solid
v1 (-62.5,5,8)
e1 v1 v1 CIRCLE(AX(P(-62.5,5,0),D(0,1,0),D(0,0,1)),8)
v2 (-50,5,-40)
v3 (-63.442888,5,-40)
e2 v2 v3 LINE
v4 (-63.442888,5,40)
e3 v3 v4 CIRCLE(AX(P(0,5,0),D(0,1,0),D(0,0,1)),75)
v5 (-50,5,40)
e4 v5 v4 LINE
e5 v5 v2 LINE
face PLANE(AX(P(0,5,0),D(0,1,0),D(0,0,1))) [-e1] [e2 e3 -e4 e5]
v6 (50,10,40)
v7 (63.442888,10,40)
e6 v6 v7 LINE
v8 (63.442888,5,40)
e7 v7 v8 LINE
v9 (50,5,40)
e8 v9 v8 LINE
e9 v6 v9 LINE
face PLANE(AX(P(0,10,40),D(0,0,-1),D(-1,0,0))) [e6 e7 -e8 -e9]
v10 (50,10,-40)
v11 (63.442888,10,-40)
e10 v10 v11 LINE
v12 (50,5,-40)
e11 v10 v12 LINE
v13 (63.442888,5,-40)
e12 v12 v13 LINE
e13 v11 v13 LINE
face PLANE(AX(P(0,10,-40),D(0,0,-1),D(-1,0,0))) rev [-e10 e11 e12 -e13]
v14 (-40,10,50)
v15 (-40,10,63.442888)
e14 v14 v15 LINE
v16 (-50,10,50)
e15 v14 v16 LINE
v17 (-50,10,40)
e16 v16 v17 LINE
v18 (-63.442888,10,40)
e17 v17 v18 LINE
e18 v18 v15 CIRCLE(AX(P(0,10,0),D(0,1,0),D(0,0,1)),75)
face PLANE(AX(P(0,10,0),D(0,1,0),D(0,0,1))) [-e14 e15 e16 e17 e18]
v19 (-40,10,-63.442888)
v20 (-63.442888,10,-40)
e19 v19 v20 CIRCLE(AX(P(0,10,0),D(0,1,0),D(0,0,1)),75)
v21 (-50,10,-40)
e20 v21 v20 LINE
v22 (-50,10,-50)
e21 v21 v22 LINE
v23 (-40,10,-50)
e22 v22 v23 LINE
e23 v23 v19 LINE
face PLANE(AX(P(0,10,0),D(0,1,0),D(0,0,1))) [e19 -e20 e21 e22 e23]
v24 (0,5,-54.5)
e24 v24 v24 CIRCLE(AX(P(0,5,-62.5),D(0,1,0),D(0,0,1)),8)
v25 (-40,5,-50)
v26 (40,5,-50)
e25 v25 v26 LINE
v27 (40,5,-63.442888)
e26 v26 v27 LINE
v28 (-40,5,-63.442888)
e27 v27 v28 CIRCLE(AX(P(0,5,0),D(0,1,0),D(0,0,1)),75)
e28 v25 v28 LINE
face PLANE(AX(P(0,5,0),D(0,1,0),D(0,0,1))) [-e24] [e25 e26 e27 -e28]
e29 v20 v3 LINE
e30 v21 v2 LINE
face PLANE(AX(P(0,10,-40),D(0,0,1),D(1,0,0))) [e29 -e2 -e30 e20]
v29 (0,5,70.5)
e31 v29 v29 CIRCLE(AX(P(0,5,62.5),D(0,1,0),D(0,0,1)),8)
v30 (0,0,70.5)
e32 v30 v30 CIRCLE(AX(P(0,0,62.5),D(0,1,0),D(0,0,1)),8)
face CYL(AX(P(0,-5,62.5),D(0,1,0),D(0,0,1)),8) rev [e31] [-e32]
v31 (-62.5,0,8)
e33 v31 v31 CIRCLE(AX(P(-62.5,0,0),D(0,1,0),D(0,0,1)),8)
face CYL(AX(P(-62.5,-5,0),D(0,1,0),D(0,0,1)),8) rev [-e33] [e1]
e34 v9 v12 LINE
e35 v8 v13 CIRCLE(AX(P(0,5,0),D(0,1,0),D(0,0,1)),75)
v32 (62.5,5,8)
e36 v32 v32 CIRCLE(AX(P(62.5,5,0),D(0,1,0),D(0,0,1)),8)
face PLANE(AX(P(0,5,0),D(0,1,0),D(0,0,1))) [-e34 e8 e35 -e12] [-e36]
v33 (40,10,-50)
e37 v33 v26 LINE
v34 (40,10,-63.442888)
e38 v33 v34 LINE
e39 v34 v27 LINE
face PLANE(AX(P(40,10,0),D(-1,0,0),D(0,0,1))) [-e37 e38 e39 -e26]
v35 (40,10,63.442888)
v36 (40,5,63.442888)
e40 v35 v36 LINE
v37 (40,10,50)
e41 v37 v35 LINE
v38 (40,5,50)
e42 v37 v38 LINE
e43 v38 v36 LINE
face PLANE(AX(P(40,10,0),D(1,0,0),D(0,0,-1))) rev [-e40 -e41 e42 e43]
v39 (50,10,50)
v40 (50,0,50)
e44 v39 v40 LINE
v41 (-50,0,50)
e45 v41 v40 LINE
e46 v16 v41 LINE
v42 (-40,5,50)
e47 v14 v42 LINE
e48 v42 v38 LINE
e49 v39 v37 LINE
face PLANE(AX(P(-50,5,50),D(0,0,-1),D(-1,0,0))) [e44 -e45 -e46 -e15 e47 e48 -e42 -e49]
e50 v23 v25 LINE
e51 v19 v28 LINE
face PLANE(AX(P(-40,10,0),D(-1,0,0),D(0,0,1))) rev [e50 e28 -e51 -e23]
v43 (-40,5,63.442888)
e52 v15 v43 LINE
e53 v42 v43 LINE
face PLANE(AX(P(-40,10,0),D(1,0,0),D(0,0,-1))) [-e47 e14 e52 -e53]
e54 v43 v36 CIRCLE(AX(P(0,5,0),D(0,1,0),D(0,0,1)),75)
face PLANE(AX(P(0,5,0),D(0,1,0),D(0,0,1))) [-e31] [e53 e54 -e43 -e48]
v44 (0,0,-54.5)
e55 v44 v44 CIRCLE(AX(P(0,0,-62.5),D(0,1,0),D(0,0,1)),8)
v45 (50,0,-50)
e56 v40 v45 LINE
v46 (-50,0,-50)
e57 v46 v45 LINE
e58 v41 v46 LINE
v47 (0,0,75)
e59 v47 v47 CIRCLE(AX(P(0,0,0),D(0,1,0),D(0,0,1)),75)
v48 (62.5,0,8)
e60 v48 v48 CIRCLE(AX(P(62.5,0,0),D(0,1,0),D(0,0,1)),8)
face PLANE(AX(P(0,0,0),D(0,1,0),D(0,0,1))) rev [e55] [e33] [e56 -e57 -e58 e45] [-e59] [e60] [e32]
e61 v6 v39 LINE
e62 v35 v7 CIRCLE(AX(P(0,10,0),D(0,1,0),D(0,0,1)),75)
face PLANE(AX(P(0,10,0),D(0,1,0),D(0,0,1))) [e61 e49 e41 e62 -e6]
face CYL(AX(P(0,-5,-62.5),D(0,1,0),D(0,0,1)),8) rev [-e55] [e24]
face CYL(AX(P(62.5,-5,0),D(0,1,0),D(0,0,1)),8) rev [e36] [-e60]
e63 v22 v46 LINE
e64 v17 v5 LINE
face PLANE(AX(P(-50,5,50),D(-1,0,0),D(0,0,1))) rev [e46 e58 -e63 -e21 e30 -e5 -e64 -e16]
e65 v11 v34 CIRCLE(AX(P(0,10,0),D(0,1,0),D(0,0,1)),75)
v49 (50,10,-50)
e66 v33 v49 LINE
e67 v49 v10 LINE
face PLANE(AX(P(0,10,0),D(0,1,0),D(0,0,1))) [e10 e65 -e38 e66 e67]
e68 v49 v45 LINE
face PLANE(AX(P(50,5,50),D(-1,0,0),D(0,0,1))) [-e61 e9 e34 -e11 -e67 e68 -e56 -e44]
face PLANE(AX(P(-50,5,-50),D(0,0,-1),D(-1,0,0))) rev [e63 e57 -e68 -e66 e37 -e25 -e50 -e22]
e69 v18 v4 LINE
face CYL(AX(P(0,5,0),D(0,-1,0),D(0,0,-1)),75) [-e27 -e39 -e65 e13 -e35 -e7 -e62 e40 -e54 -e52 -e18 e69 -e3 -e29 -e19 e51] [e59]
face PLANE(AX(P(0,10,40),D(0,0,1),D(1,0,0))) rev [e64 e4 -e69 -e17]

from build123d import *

# Parameters (mm, degrees)
SKETCH1_R           = 75
SKETCH1_W           = 100
SKETCH1_H           = 100
BOSS_EXTRUDE1_DEPTH = 5
SKETCH2_R           = 8
CUT_EXTRUDE1_DEPTH  = 10
BOSS_EXTRUDE2_DEPTH = 5


with BuildPart() as part:
    # Sketch1 → Boss-Extrude1 (new body)
    with BuildSketch(Plane(origin=(0, 0, 0), x_dir=(1, 0, 0), z_dir=(0, 1, 0))):
        with Locations(Location((0, 0, 0), (0, 0, 270))):
            Circle(SKETCH1_R)
        Rectangle(SKETCH1_W, SKETCH1_H, mode=Mode.SUBTRACT)
    extrude(amount=BOSS_EXTRUDE1_DEPTH)

    # Sketch2 → Cut-Extrude1 (cut)
    with BuildSketch(Plane(origin=(0, 5, 0), x_dir=(1, 0, 0), z_dir=(0, 1, 0))):
        with Locations(Location((-62.5, 0, 0), (0, 0, 270))):
            Circle(SKETCH2_R)
        with Locations(Location((0, 62.5, 0), (0, 0, 270))):
            Circle(SKETCH2_R)
        with Locations(Location((62.5, 0, 0), (0, 0, 270))):
            Circle(SKETCH2_R)
        with Locations(Location((0, -62.5, 0), (0, 0, 270))):
            Circle(SKETCH2_R)
    extrude(amount=-CUT_EXTRUDE1_DEPTH, mode=Mode.SUBTRACT)

    # Sketch3 → Boss-Extrude2 (add)
    with BuildSketch(Plane(origin=(0, 5, 0), x_dir=(1, 0, 0), z_dir=(0, 1, 0))):
        with BuildLine():
            Line((50, -50), (40, -50))
            Line((40, -50), (40, -63.442887702))
            ThreePointArc((40, -63.442887702), (53.033008589, -53.033008589), (63.442887702, -40))
            Line((63.442887702, -40), (50, -40))
            Line((50, -40), (50, -50))
        make_face()
        with BuildLine():
            Line((-40, -50), (-50, -50))
            Line((-50, -50), (-50, -40))
            Line((-50, -40), (-63.442887702, -40))
            ThreePointArc((-63.442887702, -40), (-53.033008589, -53.033008589), (-40, -63.442887702))
            Line((-40, -63.442887702), (-40, -50))
        make_face()
        with BuildLine():
            Line((-63.442887702, 40), (-50, 40))
            Line((-50, 40), (-50, 50))
            Line((-50, 50), (-40, 50))
            Line((-40, 50), (-40, 63.442887702))
            ThreePointArc((-40, 63.442887702), (-53.033008589, 53.033008589), (-63.442887702, 40))
        make_face()
        with BuildLine():
            Line((50, 50), (50, 40))
            Line((50, 40), (63.442887702, 40))
            ThreePointArc((63.442887702, 40), (53.033008589, 53.033008589), (40, 63.442887702))
            Line((40, 63.442887702), (40, 50))
            Line((40, 50), (50, 50))
        make_face()
    extrude(amount=BOSS_EXTRUDE2_DEPTH)


solid = part.part
